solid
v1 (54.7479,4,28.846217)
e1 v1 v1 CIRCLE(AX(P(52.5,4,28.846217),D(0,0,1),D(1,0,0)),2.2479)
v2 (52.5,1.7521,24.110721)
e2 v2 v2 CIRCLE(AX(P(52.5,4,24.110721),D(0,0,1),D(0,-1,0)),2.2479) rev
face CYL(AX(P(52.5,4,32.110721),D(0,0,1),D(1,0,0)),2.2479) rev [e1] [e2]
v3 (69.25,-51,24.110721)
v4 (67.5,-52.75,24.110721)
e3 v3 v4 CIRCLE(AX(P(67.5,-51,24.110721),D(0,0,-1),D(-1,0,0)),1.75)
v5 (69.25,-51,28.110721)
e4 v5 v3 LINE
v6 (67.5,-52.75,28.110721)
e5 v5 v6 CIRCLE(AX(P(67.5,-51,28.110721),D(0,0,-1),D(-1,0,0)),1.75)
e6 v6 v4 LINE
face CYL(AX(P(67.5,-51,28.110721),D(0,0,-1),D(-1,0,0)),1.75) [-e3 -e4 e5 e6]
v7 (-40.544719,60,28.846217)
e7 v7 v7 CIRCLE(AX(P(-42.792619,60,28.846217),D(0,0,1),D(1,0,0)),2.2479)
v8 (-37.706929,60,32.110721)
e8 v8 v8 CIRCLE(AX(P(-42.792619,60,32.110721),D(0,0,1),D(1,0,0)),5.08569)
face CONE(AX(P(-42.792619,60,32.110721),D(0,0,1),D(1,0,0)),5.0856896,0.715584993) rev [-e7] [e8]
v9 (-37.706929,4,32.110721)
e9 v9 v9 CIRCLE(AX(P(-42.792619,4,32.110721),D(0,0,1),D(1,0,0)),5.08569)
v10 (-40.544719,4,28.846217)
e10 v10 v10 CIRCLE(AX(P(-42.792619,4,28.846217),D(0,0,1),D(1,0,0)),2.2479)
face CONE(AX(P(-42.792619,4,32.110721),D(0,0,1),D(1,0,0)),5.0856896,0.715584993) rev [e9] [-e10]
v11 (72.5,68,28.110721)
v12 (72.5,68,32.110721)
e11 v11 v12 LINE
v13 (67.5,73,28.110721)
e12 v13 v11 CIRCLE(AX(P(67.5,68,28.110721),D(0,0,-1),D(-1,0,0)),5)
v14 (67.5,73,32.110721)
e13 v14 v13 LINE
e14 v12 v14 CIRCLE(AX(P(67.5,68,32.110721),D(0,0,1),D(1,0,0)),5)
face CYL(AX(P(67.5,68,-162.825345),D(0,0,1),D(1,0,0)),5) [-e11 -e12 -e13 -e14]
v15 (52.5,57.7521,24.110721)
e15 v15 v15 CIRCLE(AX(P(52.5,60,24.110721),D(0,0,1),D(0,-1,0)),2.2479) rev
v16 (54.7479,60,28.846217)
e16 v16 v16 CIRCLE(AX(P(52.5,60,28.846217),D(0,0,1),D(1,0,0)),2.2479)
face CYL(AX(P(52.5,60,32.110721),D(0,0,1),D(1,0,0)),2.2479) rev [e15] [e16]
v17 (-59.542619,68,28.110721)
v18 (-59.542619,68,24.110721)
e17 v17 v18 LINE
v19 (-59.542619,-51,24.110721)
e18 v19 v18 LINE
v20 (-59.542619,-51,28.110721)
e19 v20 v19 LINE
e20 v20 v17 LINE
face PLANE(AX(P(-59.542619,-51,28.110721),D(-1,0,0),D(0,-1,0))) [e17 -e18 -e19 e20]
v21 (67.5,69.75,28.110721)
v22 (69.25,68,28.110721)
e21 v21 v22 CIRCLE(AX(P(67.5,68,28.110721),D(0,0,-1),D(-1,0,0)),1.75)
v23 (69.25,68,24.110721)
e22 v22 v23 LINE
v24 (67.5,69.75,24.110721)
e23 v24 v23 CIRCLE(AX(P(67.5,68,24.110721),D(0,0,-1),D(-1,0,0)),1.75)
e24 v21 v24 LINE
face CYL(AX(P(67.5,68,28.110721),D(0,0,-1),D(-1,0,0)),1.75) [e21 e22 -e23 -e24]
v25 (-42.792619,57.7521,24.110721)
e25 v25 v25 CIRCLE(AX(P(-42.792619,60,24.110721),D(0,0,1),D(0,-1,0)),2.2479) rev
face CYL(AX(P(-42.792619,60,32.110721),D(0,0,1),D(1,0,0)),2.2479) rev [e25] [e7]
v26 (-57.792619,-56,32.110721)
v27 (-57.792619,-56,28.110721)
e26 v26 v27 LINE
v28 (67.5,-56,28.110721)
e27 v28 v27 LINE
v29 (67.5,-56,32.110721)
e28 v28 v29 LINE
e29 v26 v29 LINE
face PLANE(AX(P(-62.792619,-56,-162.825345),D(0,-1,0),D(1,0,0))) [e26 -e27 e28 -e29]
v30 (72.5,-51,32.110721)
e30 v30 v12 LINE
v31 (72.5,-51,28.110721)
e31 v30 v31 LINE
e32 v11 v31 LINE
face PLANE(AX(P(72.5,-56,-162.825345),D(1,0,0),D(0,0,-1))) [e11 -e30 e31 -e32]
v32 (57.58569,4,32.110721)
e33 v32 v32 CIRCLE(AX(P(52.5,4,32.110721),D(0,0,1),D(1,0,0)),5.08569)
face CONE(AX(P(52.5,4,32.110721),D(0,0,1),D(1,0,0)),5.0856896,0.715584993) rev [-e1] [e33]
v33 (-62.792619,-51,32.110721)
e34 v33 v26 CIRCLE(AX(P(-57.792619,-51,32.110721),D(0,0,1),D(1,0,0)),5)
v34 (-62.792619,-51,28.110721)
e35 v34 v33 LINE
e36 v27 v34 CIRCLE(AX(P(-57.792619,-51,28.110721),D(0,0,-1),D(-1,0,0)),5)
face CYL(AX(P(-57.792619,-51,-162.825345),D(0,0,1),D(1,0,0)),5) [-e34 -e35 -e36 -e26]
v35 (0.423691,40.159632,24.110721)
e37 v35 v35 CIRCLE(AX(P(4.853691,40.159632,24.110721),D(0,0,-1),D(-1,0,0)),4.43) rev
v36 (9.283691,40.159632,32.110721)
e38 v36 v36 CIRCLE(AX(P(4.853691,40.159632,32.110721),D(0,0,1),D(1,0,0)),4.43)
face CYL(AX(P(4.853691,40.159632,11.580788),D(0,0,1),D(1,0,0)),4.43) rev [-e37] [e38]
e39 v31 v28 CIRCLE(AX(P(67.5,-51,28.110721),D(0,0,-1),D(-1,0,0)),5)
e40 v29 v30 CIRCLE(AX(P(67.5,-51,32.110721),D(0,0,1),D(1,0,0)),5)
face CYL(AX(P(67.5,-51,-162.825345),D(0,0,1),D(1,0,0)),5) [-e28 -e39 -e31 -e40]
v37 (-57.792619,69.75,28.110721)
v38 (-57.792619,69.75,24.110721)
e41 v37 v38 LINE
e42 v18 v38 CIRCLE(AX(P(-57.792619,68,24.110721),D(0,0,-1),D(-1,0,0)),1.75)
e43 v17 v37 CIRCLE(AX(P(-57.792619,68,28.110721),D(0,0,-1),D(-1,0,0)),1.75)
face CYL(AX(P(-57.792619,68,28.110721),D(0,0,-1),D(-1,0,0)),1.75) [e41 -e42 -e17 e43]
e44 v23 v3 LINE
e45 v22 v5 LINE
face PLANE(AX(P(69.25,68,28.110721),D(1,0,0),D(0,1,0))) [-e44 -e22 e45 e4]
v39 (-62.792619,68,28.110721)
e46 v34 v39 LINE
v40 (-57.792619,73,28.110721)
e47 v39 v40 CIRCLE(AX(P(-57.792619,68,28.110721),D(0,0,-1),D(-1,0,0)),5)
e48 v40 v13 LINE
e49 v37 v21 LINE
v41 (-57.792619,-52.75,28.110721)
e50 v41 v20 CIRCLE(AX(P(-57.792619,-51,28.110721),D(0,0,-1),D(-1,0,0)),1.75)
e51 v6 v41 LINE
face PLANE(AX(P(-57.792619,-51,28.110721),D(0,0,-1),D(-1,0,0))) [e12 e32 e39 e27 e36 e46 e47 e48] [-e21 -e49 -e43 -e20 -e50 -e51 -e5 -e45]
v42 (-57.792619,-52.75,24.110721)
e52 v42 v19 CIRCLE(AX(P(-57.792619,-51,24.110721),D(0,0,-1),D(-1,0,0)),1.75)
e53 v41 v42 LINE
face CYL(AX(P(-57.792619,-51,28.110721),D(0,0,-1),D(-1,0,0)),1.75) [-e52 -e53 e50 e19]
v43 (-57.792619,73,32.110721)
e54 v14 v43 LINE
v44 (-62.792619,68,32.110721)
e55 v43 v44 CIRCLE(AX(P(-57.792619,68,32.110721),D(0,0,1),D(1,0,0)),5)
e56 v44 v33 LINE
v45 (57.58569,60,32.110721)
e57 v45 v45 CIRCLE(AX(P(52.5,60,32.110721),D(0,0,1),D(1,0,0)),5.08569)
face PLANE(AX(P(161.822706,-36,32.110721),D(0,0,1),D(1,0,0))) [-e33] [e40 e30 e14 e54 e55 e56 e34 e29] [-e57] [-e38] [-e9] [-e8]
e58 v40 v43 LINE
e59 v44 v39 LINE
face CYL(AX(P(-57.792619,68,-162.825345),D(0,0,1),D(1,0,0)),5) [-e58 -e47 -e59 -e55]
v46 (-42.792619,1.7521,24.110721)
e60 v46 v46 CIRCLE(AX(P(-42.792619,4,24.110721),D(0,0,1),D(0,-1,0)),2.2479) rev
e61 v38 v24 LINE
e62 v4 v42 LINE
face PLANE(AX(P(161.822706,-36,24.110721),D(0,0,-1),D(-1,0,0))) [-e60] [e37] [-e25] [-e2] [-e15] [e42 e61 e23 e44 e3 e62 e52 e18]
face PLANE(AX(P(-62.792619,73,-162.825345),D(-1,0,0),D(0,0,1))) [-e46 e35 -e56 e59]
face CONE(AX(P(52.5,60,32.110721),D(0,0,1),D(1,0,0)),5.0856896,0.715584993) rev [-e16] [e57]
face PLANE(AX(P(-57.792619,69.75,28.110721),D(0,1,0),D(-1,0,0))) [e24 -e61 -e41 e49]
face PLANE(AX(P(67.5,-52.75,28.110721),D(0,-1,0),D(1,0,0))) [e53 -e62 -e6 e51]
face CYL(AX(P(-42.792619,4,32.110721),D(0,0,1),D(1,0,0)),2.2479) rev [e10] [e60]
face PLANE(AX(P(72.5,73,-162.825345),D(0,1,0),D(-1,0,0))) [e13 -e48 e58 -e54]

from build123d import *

# Parameters (mm, degrees)
SKETCH2_W                                      = 115.292618629
SKETCH2_H                                      = 134.000000002
BOSS_EXTRUDE2_DEPTH                            = 8
FILLET2_R                                      = 6
SKETCH19_W                                     = 8
SKETCH19_H                                     = 99
BOSS_EXTRUDE3_DEPTH                            = 115.292618629
SKETCH21_W                                     = 135.292618629
SKETCH21_H                                     = 129
SKETCH21_W_2                                   = 115.292618629
SKETCH21_H_2                                   = 99
BOSS_EXTRUDE4_DEPTH                            = 8
FILLET3_R                                      = 5
CUT_EXTRUDE1_DEPTH                             = 4
SKETCH24_W                                     = 115.292618629
SKETCH24_H                                     = 10
BOSS_EXTRUDE5_DEPTH                            = 104
FILLET4_R                                      = 6
SKETCH49_R                                     = 4.43
CUT_EXTRUDE3_DEPTH                             = 8
M2_5_CLEARANCE_HOLE1_D                         = 2.9
CUT_EXTRUDE4_START                             = -8
CUT_EXTRUDE4_DEPTH                             = 8
CHAMFER1_SIZE                                  = 0.9
CSK_FOR_8_FLAT_HEAD_MACHINE_SCREW1_D           = 4.4958
CSK_FOR_8_FLAT_HEAD_MACHINE_SCREW1_DEPTH       = 8
CSK_FOR_8_FLAT_HEAD_MACHINE_SCREW1_CSINK_D     = 10.1713792
CSK_FOR_8_FLAT_HEAD_MACHINE_SCREW1_CSINK_ANGLE = 82
CSK_FOR_8_FLAT_HEAD_MACHINE_SCREW1_TIP         = 1.350674586
SKETCH61_W                                     = 115.292618629
SKETCH61_H                                     = 134.000000002
CUT_EXTRUDE6_DEPTH                             = 65


with BuildPart() as part:
    # Sketch2 → Boss-Extrude2 (new body)
    with BuildSketch(Plane(origin=(0, 0, 0), x_dir=(1, 0, 0), z_dir=(0, 1, 0))):
        with Locations((4.853690686, 42.889279439)):
            Rectangle(SKETCH2_W, SKETCH2_H)
    extrude(amount=BOSS_EXTRUDE2_DEPTH)

    # Fillet2
    fillet2_edges = [part.edges().sort_by_distance(p)[0] for p in [
        (-52.792618629, 4, -109.88927944),
        (62.5, 4, -109.88927944),
    ]]
    fillet(fillet2_edges, radius=FILLET2_R)

    # Sketch19 → Boss-Extrude3 (add)
    with BuildSketch(Plane.ZY.offset(52.792618629)):
        with Locations((28.110720562, 13.5)):
            Rectangle(SKETCH19_W, SKETCH19_H)
    extrude(amount=-BOSS_EXTRUDE3_DEPTH)

    # Sketch21 → Boss-Extrude4 (add)
    with BuildSketch(Plane.XY.offset(32.110720562)):
        with Locations((4.853690685, 8.5)):
            Rectangle(SKETCH21_W, SKETCH21_H)
        with Locations((4.853690686, 13.5)):
            Rectangle(SKETCH21_W_2, SKETCH21_H_2, mode=Mode.SUBTRACT)
    extrude(amount=-BOSS_EXTRUDE4_DEPTH)

    # Fillet3
    fillet3_edges = [part.edges().sort_by_distance(p)[0] for p in [
        (72.5, 73, 28.110720562),
        (72.5, -56, 28.110720562),
        (-62.792618629, -56, 28.110720562),
        (-62.792618629, 73, 28.110720562),
    ]]
    fillet(fillet3_edges, radius=FILLET3_R)

    # Sketch22 → Cut-Extrude1 (cut)
    with BuildSketch(Plane(origin=(0, 0, 24.110720562), x_dir=(-1, 0, 0), z_dir=(0, 0, -1))):
        with BuildLine():
            Line((62.792618629, -51), (62.792618629, 68))
            ThreePointArc((62.792618629, 68), (61.328152535, 71.535533906), (57.792618629, 73))
            Line((57.792618629, 73), (-67.5, 73))
            ThreePointArc((-67.5, 73), (-71.035533906, 71.535533906), (-72.5, 68))
            Line((-72.5, 68), (-72.5, -51))
            ThreePointArc((-72.5, -51), (-71.035533906, -54.535533906), (-67.5, -56))
            Line((-67.5, -56), (57.792618629, -56))
            ThreePointArc((57.792618629, -56), (61.328152535, -54.535533906), (62.792618629, -51))
        make_face()
        with BuildLine():
            Line((57.792618629, 69.75), (-67.5, 69.75))
            ThreePointArc((-67.5, 69.75), (-68.737436867, 69.237436867), (-69.25, 68))
            Line((-69.25, 68), (-69.25, -51))
            ThreePointArc((-69.25, -51), (-68.737436867, -52.237436867), (-67.5, -52.75))
            Line((-67.5, -52.75), (57.792618629, -52.75))
            ThreePointArc((57.792618629, -52.75), (59.030055496, -52.237436867), (59.542618629, -51))
            Line((59.542618629, -51), (59.542618629, 68))
            ThreePointArc((59.542618629, 68), (59.030055496, 69.237436867), (57.792618629, 69.75))
        make_face(mode=Mode.SUBTRACT)
    extrude(amount=-CUT_EXTRUDE1_DEPTH, mode=Mode.SUBTRACT)

    # Sketch24 → Boss-Extrude5 (add)
    with BuildSketch(Plane(origin=(0, 0, 24.110720562), x_dir=(-1, 0, 0), z_dir=(0, 0, -1))):
        with Locations((-4.853690686, 60)):
            Rectangle(SKETCH24_W, SKETCH24_H)
    extrude(amount=BOSS_EXTRUDE5_DEPTH)

    # Fillet4
    fillet4_edges = [part.edges().sort_by_distance(p)[0] for p in [
        (62.5, 60, -79.889279438),
        (-52.792618629, 60, -79.889279438),
    ]]
    fillet(fillet4_edges, radius=FILLET4_R)

    # Sketch49 → Cut-Extrude3 (cut)
    with BuildSketch(Plane.XY.offset(32.110720562)):
        with Locations((4.853690685, 40.159632183)):
            Circle(SKETCH49_R)
    extrude(amount=-CUT_EXTRUDE3_DEPTH, mode=Mode.SUBTRACT)

    # M2.5 Clearance Hole1 (through all)
    with Locations(Plane(origin=(0, 8, 0), x_dir=(1, 0, 0), z_dir=(0, 1, 0))):
        with Locations((-28.27, 101.64), (-7.29, 101.64), (-7.29, 88.14), (-28.27, 88.14)):
            Hole(M2_5_CLEARANCE_HOLE1_D / 2)

    # Sketch60 → Cut-Extrude4 (cut)
    with BuildSketch(Plane(origin=(0, 8, 0), x_dir=(1, 0, 0), z_dir=(0, 1, 0)).offset(CUT_EXTRUDE4_START)):
        with BuildLine():
            Line((-30.27, 103.09), (-26.27, 103.09))
            ThreePointArc((-26.27, 103.09), (-24.82, 101.64), (-26.27, 100.19))
            Line((-26.27, 100.19), (-30.27, 100.19))
            ThreePointArc((-30.27, 100.19), (-31.72, 101.64), (-30.27, 103.09))
        make_face()
        with BuildLine():
            Line((-9.29, 103.09), (-5.29, 103.09))
            ThreePointArc((-5.29, 103.09), (-3.84, 101.64), (-5.29, 100.19))
            Line((-5.29, 100.19), (-9.29, 100.19))
            ThreePointArc((-9.29, 100.19), (-10.74, 101.64), (-9.29, 103.09))
        make_face()
        with BuildLine():
            Line((-30.27, 89.59), (-26.27, 89.59))
            ThreePointArc((-26.27, 89.59), (-24.82, 88.14), (-26.27, 86.69))
            Line((-26.27, 86.69), (-30.27, 86.69))
            ThreePointArc((-30.27, 86.69), (-31.72, 88.14), (-30.27, 89.59))
        make_face()
        with BuildLine():
            Line((-9.29, 89.59), (-5.29, 89.59))
            ThreePointArc((-5.29, 89.59), (-3.84, 88.14), (-5.29, 86.69))
            Line((-5.29, 86.69), (-9.29, 86.69))
            ThreePointArc((-9.29, 86.69), (-10.74, 88.14), (-9.29, 89.59))
        make_face()
    extrude(amount=CUT_EXTRUDE4_DEPTH, mode=Mode.SUBTRACT)

    # Chamfer1
    chamfer1_edges = [part.edges().sort_by_distance(p)[0] for p in [
        (-7.29, 8, -100.19),
        (-3.84, 8, -101.64),
        (-7.29, 8, -103.09),
        (-28.27, 8, -86.69),
        (-24.82, 8, -88.14),
        (-28.27, 8, -89.59),
        (-7.29, 8, -86.69),
        (-3.84, 8, -88.14),
        (-7.29, 8, -89.59),
        (-28.27, 8, -103.09),
        (-31.72, 8, -101.64),
        (-28.27, 8, -100.19),
        (-24.82, 8, -101.64),
        (-10.74, 8, -88.14),
        (-31.72, 8, -88.14),
        (-10.74, 8, -101.64),
    ]]
    chamfer(chamfer1_edges, length=CHAMFER1_SIZE)

    # CSK for #8 Flat Head Machine Screw1
    with Locations(Plane.XY.offset(32.110720562)):
        with Locations((-42.792618629, 60), (52.5, 60), (-42.792618629, 4), (52.5, 4)):
            CounterSinkHole(CSK_FOR_8_FLAT_HEAD_MACHINE_SCREW1_D / 2, CSK_FOR_8_FLAT_HEAD_MACHINE_SCREW1_CSINK_D / 2, depth=CSK_FOR_8_FLAT_HEAD_MACHINE_SCREW1_DEPTH, counter_sink_angle=CSK_FOR_8_FLAT_HEAD_MACHINE_SCREW1_CSINK_ANGLE)
            with Locations((0, 0, -(CSK_FOR_8_FLAT_HEAD_MACHINE_SCREW1_DEPTH + CSK_FOR_8_FLAT_HEAD_MACHINE_SCREW1_TIP / 2))):  # 118° drill point
                Cone(0, CSK_FOR_8_FLAT_HEAD_MACHINE_SCREW1_D / 2, CSK_FOR_8_FLAT_HEAD_MACHINE_SCREW1_TIP, mode=Mode.SUBTRACT)

    # Sketch61 → Cut-Extrude6 (cut)
    with BuildSketch(Plane(origin=(0, 65, 0), x_dir=(1, 0, 0), z_dir=(0, 1, 0))):
        with Locations((4.853690686, 42.889279439)):
            Rectangle(SKETCH61_W, SKETCH61_H)
    extrude(amount=-CUT_EXTRUDE6_DEPTH, mode=Mode.SUBTRACT)


solid = part.part
